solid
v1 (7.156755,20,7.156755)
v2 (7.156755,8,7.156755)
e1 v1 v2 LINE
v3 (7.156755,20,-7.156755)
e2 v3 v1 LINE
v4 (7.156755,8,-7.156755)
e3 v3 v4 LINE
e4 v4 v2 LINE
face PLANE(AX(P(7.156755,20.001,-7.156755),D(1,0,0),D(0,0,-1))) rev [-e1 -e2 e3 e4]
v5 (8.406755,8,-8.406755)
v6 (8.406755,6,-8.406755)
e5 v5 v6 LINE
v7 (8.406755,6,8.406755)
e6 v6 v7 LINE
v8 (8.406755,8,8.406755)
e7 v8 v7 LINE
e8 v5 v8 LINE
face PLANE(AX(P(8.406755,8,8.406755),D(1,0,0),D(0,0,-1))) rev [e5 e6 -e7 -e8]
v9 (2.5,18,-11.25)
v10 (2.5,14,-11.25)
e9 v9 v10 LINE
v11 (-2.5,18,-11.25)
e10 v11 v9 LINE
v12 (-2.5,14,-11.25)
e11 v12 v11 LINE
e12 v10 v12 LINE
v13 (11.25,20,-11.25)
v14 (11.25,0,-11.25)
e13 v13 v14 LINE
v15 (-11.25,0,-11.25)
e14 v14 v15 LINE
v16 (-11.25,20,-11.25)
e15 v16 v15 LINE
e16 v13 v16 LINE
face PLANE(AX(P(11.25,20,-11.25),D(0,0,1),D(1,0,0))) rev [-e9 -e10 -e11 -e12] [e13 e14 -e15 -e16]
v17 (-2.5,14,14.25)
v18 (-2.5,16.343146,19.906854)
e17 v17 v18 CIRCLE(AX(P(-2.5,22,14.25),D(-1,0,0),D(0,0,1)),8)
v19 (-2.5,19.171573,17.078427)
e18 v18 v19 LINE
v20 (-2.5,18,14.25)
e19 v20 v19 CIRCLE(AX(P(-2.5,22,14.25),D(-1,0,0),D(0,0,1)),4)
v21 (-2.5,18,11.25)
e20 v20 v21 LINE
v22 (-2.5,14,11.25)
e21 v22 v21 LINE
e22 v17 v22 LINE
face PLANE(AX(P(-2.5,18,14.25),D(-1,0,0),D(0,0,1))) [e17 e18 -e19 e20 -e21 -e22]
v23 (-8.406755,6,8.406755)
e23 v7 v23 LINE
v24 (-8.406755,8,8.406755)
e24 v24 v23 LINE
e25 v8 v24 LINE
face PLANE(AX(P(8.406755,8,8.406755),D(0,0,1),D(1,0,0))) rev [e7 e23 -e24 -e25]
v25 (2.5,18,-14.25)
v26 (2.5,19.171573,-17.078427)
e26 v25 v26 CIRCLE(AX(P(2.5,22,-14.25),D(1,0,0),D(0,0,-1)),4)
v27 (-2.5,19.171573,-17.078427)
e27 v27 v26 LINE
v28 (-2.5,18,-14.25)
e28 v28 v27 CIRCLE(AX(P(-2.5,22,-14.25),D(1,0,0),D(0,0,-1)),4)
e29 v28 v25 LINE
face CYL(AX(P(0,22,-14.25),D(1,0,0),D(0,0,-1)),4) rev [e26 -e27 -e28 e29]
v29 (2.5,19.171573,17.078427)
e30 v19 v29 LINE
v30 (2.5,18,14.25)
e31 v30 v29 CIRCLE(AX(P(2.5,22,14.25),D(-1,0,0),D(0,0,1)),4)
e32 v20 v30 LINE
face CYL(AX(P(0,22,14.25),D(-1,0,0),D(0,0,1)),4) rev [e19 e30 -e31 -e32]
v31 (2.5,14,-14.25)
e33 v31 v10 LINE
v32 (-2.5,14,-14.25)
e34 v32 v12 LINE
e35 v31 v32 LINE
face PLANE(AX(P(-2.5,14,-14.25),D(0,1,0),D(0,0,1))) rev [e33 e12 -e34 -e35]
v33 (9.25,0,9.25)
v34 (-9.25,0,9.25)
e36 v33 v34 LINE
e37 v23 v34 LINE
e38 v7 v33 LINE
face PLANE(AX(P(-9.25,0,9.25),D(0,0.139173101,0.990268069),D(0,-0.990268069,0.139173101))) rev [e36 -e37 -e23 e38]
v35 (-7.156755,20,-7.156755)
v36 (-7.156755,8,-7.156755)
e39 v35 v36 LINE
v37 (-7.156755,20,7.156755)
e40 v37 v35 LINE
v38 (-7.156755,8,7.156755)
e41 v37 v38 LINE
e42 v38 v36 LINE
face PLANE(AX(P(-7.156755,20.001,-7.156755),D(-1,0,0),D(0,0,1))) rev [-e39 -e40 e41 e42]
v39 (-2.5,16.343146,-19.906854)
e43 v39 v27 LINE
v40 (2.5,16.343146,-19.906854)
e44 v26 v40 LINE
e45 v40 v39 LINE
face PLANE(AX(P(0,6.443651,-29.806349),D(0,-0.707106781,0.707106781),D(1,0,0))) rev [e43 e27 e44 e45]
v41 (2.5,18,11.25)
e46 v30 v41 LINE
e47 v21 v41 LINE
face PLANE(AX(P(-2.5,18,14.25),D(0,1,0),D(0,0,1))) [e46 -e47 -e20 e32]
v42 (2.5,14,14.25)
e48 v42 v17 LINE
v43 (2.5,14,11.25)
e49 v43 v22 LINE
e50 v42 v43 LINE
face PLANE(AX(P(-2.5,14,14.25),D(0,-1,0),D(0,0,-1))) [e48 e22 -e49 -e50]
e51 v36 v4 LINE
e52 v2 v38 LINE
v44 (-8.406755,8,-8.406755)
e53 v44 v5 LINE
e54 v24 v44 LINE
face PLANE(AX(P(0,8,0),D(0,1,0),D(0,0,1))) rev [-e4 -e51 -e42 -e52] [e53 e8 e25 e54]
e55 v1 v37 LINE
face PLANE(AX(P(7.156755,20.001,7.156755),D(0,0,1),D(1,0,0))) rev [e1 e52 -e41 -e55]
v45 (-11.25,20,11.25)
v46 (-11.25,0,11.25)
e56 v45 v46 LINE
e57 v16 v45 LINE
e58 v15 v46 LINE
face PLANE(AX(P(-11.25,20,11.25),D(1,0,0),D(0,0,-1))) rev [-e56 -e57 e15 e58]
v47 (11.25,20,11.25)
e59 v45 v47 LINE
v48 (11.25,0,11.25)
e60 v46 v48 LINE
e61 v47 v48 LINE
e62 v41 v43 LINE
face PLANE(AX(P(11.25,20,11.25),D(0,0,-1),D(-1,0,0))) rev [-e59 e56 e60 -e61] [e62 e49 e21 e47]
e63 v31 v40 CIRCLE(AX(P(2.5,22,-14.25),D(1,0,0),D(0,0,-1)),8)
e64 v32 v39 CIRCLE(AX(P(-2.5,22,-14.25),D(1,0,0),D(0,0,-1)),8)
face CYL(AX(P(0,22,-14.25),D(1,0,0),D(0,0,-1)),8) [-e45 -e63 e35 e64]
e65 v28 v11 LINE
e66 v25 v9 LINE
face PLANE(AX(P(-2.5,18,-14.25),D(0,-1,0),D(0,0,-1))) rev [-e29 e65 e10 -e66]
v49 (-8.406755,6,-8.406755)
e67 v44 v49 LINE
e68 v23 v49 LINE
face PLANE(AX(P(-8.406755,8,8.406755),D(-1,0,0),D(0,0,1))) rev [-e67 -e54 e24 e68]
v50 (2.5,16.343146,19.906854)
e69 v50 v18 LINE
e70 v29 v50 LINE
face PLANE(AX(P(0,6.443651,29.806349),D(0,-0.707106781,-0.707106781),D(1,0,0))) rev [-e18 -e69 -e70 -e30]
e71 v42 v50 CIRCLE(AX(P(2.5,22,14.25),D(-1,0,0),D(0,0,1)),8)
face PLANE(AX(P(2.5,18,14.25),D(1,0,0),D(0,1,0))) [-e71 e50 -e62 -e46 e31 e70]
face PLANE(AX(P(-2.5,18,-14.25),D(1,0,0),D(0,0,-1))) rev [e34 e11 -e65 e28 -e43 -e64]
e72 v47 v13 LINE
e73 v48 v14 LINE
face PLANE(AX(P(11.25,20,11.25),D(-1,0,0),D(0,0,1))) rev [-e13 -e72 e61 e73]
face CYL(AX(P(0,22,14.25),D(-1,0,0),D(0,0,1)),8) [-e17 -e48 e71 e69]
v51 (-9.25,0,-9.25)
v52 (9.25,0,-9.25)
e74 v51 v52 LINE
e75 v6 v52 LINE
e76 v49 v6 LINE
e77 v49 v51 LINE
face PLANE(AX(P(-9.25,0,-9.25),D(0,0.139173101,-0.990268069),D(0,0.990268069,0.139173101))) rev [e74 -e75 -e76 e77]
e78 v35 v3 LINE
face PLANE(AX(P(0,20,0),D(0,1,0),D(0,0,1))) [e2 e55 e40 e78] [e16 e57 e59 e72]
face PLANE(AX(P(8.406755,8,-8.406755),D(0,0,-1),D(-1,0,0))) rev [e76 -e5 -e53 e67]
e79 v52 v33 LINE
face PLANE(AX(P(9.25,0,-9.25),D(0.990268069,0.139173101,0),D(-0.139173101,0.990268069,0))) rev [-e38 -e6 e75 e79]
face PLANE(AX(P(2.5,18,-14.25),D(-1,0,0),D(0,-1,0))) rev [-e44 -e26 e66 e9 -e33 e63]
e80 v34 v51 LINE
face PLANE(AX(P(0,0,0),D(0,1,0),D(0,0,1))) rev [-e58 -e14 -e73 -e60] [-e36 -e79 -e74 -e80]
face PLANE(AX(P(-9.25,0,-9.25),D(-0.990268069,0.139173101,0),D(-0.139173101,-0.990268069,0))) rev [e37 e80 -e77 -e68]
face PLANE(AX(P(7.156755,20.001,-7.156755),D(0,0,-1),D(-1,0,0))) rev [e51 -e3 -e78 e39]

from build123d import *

# Parameters (mm, degrees)
SKETCH1_W           = 22.5
SKETCH1_H           = 22.5
BOSS_EXTRUDE1_DEPTH = 20
SKETCH5_W           = 5
SKETCH5_H           = 4
SKETCH3_W           = 18.5
SKETCH3_H           = 18.5
CUT_EXTRUDE5_DEPTH  = 6
CUT_EXTRUDE5_TAPER  = 8
SKETCH14_W          = 16.813509984
SKETCH14_H          = 16.813509984
CUT_EXTRUDE6_DEPTH  = 2
CUT_EXTRUDE7_REACH  = 14
SKETCH15_W          = 14.313509984
SKETCH15_H          = 14.313509984


with BuildPart() as part:
    # Sketch1 → Boss-Extrude1 (new body)
    with BuildSketch(Plane(origin=(0, 0, 0), x_dir=(1, 0, 0), z_dir=(0, 1, 0))):
        Rectangle(SKETCH1_W, SKETCH1_H)
    extrude(amount=BOSS_EXTRUDE1_DEPTH)

    # Sweep1: sweep along a path in Sketch6
    with BuildLine(Plane(origin=(0, 0, 0), x_dir=(0, 0, -1), z_dir=(1, 0, 0))) as sweep1_path:
        Line((11.25, 16), (14.25, 16))
        ThreePointArc((14.25, 16), (16.546100594, 16.456722805), (18.492640687, 17.757359313))
    # Sketch5 → Sweep1 (sweep)
    with BuildSketch(Plane(origin=(0, 0, -11.25), x_dir=(-1, 0, 0), z_dir=(0, 0, -1))):
        with Locations((0, 16)):
            Rectangle(SKETCH5_W, SKETCH5_H)
    sweep1 = sweep(path=sweep1_path.line)

    # Mirror1: Sweep1 across plane
    add(sweep1.mirror(Plane.XY))

    # Sketch3 → Cut-Extrude5 (cut)
    with BuildSketch(Plane.XZ):
        Rectangle(SKETCH3_W, SKETCH3_H)
    extrude(amount=-CUT_EXTRUDE5_DEPTH, taper=CUT_EXTRUDE5_TAPER, mode=Mode.SUBTRACT)

    # Sketch14 → Cut-Extrude6 (cut)
    with BuildSketch(Plane.XZ.offset(-6)):
        Rectangle(SKETCH14_W, SKETCH14_H)
    extrude(amount=-CUT_EXTRUDE6_DEPTH, mode=Mode.SUBTRACT)

    # Sketch15 → Cut-Extrude7 (cut, up to next)
    with BuildSketch(Plane.XZ.offset(-8), mode=Mode.PRIVATE) as cut_extrude7_sk1:
        Rectangle(SKETCH15_W, SKETCH15_H)
    cut_extrude7_tool1 = extrude(cut_extrude7_sk1.sketch, amount=-CUT_EXTRUDE7_REACH, mode=Mode.PRIVATE) & part.part
    add(cut_extrude7_tool1.solids().sort_by_distance((0, 8, 0))[0], mode=Mode.SUBTRACT)


solid = part.part
